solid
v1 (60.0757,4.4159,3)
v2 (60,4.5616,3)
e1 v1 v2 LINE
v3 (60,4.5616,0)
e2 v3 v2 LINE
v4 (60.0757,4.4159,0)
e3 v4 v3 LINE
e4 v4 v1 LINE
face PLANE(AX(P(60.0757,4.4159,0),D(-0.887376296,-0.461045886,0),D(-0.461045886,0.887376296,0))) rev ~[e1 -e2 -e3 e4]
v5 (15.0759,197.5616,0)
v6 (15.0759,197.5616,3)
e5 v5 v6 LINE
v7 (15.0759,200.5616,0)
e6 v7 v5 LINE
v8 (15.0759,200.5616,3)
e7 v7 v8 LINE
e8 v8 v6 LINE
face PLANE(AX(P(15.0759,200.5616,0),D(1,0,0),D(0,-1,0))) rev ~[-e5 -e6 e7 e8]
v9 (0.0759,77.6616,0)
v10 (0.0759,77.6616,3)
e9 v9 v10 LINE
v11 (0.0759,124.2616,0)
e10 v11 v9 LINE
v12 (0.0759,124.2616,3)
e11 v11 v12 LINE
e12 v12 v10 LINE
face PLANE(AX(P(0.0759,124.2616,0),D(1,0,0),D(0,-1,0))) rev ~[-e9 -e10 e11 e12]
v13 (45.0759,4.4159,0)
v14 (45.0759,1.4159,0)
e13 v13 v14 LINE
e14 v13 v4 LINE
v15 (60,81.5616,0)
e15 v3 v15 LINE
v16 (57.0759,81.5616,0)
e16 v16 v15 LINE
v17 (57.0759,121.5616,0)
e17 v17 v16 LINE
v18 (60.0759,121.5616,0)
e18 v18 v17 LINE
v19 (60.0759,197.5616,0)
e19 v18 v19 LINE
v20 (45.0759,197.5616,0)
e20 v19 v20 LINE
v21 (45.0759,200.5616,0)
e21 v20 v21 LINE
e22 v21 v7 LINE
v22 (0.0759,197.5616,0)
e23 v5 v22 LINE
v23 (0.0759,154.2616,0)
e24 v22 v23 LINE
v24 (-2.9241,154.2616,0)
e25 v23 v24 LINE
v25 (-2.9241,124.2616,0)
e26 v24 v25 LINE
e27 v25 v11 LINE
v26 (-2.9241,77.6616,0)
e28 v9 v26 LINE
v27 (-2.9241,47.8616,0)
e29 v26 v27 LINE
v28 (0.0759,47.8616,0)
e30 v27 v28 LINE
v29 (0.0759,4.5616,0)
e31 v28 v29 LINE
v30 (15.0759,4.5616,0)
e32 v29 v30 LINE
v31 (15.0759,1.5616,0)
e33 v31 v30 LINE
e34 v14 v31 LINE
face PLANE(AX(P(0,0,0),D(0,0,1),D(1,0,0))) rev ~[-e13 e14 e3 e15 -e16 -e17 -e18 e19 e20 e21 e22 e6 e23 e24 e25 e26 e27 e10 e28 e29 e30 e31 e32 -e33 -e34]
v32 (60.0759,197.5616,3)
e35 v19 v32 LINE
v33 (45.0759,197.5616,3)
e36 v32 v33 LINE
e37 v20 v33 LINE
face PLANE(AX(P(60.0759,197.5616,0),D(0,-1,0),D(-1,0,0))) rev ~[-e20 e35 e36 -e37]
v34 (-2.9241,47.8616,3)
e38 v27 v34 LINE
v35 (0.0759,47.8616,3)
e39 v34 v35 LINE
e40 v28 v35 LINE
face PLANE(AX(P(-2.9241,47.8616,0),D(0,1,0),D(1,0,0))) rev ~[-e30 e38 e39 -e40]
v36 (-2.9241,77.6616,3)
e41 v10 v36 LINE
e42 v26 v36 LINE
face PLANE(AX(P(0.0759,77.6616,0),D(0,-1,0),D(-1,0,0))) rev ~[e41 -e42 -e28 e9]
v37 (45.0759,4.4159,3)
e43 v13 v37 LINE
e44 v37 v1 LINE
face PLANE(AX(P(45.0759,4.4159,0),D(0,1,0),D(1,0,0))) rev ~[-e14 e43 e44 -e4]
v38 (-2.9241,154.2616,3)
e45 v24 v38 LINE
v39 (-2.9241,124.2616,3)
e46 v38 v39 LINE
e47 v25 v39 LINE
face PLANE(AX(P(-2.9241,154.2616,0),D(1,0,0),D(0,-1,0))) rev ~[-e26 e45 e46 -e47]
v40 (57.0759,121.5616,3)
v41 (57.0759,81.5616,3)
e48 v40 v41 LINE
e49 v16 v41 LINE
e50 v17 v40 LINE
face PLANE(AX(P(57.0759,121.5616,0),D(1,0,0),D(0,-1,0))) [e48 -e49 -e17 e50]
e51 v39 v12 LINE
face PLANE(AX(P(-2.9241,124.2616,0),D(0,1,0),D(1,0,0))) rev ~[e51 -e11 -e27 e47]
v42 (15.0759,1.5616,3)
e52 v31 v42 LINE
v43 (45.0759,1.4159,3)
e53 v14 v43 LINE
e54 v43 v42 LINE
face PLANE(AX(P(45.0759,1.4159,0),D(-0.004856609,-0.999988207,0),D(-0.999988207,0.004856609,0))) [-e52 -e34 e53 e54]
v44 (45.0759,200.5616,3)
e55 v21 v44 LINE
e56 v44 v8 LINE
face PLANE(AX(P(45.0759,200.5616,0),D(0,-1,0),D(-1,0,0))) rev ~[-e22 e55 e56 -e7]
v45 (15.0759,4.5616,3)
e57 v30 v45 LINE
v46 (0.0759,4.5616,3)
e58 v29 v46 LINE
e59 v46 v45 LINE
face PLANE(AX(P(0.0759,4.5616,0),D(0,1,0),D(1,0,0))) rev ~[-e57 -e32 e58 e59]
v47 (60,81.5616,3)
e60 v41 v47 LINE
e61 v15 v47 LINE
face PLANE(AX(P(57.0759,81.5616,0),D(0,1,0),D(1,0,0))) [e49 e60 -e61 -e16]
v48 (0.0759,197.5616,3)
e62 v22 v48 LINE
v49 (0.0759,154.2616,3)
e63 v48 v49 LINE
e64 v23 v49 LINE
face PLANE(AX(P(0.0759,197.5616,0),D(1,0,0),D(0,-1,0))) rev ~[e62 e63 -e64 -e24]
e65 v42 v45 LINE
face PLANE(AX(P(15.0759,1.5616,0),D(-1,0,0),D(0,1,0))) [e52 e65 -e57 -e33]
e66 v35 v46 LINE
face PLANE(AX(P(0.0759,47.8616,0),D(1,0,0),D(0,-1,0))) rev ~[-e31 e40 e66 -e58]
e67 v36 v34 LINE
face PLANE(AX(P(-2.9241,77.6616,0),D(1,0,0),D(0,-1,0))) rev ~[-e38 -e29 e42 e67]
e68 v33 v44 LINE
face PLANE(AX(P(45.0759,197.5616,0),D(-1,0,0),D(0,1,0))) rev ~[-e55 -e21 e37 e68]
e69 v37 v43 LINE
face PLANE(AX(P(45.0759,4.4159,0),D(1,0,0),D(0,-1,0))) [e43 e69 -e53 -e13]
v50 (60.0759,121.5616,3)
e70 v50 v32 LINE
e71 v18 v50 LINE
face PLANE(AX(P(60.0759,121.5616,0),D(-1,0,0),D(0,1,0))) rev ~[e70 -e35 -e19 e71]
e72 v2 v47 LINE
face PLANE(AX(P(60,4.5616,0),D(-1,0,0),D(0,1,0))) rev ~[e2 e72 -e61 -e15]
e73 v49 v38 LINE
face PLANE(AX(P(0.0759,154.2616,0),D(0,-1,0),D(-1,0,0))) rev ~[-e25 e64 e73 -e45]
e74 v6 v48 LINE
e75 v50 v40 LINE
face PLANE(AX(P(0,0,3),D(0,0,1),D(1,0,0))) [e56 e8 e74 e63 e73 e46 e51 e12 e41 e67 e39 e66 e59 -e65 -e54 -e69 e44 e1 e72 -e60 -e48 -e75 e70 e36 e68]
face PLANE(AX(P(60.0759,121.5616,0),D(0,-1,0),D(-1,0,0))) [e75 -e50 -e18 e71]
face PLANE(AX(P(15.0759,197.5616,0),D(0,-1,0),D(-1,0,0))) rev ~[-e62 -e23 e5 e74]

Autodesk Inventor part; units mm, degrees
ref_plane "YZ Plane" through (0, 0, 0) normal (1, 0, 0) x (0, 1, 0)
ref_plane "XZ Plane" through (0, 0, 0) normal (0, 1, 0) x (-1, 0, 0)
ref_plane "XY Plane" through (0, 0, 0) normal (0, 0, 1) x (1, 0, 0)
sketch "Sketch1" plane through (0, 0, 0) normal (0, 0, 1) x (1, 0, 0)
  line L0 (60.0759, 197.5616) -> (45.0759, 197.5616)
  line L1 (45.0759, 197.5616) -> (45.0759, 200.5616)
  line L2 (15.0759, 200.5616) -> (15.0759, 197.5616)
  line L3 (45.0759, 200.5616) -> (15.0759, 200.5616)
  line L4 (15.0759, 197.5616) -> (0.0759, 197.5616)
  line L5 (57.0759, 81.5616) -> (60, 81.5616)
  line L6 (0.0759, 77.6616) -> (-2.9241, 77.6616)
  line L7 (-2.9241, 77.6616) -> (-2.9241, 47.8616)
  line L8 (-2.9241, 47.8616) -> (0.0759, 47.8616)
  line L9 (60, 4.5616) -> (60, 81.5616)
  line L10 (0.0759, 47.8616) -> (0.0759, 4.5616)
  line L11 (0.0759, 4.5616) -> (15.0759, 4.5616)
  line L12 (60.0757, 4.4159) -> (60, 4.5616)
  line L13 (45.0759, 4.4159) -> (60.0757, 4.4159)
  line L14 (45.0759, 4.4159) -> (45.0759, 1.4159)
  line L15 (45.0759, 1.4159) -> (15.0759, 1.5616)
  line L16 (15.0759, 1.5616) -> (15.0759, 4.5616)
  line L17 (0.0759, 197.5616) -> (0.0759, 154.2616)
  line L18 (0.0759, 154.2616) -> (-2.9241, 154.2616)
  line L19 (60.0759, 121.5616) -> (60.0759, 197.5616)
  line L20 (60.0759, 121.5616) -> (57.0759, 121.5616)
  line L21 (-2.9241, 124.2616) -> (0.0759, 124.2616)
  line L22 (-2.9241, 154.2616) -> (-2.9241, 124.2616)
  line L23 (0.0759, 124.2616) -> (0.0759, 77.6616)
  line L24 (57.0759, 121.5616) -> (57.0759, 81.5616)
  point P0 (0, 0)
  dimension "d47" = 193
  dimension "d48" = 60
  dimension "d49" = 3
  dimension "d50" = 30
  dimension "d51" = 15
  dimension "d52" = 3
  dimension "d53" = 3
  dimension "d54" = 15
  dimension "d55" = 3
  dimension "d56" = 3
  dimension "d57" = 3
  dimension "d58" = 3
  dimension "d59" = 15
  dimension "d60" = 40
  dimension "d61" = 3
  dimension "d62" = 77
  dimension "d63" = 3
  dimension "d64" = 76
  dimension "d65" = 199.1457
  dimension "d66" = 43.3
  dimension "d67" = 46.6
  dimension "d68" = 43.3
  dimension "d69" = 30
  dimension "d70" = 29.8
extrude "Extrusion1" add sketch "Sketch1" along normal blind 3
properties part number "sampingkiri"
